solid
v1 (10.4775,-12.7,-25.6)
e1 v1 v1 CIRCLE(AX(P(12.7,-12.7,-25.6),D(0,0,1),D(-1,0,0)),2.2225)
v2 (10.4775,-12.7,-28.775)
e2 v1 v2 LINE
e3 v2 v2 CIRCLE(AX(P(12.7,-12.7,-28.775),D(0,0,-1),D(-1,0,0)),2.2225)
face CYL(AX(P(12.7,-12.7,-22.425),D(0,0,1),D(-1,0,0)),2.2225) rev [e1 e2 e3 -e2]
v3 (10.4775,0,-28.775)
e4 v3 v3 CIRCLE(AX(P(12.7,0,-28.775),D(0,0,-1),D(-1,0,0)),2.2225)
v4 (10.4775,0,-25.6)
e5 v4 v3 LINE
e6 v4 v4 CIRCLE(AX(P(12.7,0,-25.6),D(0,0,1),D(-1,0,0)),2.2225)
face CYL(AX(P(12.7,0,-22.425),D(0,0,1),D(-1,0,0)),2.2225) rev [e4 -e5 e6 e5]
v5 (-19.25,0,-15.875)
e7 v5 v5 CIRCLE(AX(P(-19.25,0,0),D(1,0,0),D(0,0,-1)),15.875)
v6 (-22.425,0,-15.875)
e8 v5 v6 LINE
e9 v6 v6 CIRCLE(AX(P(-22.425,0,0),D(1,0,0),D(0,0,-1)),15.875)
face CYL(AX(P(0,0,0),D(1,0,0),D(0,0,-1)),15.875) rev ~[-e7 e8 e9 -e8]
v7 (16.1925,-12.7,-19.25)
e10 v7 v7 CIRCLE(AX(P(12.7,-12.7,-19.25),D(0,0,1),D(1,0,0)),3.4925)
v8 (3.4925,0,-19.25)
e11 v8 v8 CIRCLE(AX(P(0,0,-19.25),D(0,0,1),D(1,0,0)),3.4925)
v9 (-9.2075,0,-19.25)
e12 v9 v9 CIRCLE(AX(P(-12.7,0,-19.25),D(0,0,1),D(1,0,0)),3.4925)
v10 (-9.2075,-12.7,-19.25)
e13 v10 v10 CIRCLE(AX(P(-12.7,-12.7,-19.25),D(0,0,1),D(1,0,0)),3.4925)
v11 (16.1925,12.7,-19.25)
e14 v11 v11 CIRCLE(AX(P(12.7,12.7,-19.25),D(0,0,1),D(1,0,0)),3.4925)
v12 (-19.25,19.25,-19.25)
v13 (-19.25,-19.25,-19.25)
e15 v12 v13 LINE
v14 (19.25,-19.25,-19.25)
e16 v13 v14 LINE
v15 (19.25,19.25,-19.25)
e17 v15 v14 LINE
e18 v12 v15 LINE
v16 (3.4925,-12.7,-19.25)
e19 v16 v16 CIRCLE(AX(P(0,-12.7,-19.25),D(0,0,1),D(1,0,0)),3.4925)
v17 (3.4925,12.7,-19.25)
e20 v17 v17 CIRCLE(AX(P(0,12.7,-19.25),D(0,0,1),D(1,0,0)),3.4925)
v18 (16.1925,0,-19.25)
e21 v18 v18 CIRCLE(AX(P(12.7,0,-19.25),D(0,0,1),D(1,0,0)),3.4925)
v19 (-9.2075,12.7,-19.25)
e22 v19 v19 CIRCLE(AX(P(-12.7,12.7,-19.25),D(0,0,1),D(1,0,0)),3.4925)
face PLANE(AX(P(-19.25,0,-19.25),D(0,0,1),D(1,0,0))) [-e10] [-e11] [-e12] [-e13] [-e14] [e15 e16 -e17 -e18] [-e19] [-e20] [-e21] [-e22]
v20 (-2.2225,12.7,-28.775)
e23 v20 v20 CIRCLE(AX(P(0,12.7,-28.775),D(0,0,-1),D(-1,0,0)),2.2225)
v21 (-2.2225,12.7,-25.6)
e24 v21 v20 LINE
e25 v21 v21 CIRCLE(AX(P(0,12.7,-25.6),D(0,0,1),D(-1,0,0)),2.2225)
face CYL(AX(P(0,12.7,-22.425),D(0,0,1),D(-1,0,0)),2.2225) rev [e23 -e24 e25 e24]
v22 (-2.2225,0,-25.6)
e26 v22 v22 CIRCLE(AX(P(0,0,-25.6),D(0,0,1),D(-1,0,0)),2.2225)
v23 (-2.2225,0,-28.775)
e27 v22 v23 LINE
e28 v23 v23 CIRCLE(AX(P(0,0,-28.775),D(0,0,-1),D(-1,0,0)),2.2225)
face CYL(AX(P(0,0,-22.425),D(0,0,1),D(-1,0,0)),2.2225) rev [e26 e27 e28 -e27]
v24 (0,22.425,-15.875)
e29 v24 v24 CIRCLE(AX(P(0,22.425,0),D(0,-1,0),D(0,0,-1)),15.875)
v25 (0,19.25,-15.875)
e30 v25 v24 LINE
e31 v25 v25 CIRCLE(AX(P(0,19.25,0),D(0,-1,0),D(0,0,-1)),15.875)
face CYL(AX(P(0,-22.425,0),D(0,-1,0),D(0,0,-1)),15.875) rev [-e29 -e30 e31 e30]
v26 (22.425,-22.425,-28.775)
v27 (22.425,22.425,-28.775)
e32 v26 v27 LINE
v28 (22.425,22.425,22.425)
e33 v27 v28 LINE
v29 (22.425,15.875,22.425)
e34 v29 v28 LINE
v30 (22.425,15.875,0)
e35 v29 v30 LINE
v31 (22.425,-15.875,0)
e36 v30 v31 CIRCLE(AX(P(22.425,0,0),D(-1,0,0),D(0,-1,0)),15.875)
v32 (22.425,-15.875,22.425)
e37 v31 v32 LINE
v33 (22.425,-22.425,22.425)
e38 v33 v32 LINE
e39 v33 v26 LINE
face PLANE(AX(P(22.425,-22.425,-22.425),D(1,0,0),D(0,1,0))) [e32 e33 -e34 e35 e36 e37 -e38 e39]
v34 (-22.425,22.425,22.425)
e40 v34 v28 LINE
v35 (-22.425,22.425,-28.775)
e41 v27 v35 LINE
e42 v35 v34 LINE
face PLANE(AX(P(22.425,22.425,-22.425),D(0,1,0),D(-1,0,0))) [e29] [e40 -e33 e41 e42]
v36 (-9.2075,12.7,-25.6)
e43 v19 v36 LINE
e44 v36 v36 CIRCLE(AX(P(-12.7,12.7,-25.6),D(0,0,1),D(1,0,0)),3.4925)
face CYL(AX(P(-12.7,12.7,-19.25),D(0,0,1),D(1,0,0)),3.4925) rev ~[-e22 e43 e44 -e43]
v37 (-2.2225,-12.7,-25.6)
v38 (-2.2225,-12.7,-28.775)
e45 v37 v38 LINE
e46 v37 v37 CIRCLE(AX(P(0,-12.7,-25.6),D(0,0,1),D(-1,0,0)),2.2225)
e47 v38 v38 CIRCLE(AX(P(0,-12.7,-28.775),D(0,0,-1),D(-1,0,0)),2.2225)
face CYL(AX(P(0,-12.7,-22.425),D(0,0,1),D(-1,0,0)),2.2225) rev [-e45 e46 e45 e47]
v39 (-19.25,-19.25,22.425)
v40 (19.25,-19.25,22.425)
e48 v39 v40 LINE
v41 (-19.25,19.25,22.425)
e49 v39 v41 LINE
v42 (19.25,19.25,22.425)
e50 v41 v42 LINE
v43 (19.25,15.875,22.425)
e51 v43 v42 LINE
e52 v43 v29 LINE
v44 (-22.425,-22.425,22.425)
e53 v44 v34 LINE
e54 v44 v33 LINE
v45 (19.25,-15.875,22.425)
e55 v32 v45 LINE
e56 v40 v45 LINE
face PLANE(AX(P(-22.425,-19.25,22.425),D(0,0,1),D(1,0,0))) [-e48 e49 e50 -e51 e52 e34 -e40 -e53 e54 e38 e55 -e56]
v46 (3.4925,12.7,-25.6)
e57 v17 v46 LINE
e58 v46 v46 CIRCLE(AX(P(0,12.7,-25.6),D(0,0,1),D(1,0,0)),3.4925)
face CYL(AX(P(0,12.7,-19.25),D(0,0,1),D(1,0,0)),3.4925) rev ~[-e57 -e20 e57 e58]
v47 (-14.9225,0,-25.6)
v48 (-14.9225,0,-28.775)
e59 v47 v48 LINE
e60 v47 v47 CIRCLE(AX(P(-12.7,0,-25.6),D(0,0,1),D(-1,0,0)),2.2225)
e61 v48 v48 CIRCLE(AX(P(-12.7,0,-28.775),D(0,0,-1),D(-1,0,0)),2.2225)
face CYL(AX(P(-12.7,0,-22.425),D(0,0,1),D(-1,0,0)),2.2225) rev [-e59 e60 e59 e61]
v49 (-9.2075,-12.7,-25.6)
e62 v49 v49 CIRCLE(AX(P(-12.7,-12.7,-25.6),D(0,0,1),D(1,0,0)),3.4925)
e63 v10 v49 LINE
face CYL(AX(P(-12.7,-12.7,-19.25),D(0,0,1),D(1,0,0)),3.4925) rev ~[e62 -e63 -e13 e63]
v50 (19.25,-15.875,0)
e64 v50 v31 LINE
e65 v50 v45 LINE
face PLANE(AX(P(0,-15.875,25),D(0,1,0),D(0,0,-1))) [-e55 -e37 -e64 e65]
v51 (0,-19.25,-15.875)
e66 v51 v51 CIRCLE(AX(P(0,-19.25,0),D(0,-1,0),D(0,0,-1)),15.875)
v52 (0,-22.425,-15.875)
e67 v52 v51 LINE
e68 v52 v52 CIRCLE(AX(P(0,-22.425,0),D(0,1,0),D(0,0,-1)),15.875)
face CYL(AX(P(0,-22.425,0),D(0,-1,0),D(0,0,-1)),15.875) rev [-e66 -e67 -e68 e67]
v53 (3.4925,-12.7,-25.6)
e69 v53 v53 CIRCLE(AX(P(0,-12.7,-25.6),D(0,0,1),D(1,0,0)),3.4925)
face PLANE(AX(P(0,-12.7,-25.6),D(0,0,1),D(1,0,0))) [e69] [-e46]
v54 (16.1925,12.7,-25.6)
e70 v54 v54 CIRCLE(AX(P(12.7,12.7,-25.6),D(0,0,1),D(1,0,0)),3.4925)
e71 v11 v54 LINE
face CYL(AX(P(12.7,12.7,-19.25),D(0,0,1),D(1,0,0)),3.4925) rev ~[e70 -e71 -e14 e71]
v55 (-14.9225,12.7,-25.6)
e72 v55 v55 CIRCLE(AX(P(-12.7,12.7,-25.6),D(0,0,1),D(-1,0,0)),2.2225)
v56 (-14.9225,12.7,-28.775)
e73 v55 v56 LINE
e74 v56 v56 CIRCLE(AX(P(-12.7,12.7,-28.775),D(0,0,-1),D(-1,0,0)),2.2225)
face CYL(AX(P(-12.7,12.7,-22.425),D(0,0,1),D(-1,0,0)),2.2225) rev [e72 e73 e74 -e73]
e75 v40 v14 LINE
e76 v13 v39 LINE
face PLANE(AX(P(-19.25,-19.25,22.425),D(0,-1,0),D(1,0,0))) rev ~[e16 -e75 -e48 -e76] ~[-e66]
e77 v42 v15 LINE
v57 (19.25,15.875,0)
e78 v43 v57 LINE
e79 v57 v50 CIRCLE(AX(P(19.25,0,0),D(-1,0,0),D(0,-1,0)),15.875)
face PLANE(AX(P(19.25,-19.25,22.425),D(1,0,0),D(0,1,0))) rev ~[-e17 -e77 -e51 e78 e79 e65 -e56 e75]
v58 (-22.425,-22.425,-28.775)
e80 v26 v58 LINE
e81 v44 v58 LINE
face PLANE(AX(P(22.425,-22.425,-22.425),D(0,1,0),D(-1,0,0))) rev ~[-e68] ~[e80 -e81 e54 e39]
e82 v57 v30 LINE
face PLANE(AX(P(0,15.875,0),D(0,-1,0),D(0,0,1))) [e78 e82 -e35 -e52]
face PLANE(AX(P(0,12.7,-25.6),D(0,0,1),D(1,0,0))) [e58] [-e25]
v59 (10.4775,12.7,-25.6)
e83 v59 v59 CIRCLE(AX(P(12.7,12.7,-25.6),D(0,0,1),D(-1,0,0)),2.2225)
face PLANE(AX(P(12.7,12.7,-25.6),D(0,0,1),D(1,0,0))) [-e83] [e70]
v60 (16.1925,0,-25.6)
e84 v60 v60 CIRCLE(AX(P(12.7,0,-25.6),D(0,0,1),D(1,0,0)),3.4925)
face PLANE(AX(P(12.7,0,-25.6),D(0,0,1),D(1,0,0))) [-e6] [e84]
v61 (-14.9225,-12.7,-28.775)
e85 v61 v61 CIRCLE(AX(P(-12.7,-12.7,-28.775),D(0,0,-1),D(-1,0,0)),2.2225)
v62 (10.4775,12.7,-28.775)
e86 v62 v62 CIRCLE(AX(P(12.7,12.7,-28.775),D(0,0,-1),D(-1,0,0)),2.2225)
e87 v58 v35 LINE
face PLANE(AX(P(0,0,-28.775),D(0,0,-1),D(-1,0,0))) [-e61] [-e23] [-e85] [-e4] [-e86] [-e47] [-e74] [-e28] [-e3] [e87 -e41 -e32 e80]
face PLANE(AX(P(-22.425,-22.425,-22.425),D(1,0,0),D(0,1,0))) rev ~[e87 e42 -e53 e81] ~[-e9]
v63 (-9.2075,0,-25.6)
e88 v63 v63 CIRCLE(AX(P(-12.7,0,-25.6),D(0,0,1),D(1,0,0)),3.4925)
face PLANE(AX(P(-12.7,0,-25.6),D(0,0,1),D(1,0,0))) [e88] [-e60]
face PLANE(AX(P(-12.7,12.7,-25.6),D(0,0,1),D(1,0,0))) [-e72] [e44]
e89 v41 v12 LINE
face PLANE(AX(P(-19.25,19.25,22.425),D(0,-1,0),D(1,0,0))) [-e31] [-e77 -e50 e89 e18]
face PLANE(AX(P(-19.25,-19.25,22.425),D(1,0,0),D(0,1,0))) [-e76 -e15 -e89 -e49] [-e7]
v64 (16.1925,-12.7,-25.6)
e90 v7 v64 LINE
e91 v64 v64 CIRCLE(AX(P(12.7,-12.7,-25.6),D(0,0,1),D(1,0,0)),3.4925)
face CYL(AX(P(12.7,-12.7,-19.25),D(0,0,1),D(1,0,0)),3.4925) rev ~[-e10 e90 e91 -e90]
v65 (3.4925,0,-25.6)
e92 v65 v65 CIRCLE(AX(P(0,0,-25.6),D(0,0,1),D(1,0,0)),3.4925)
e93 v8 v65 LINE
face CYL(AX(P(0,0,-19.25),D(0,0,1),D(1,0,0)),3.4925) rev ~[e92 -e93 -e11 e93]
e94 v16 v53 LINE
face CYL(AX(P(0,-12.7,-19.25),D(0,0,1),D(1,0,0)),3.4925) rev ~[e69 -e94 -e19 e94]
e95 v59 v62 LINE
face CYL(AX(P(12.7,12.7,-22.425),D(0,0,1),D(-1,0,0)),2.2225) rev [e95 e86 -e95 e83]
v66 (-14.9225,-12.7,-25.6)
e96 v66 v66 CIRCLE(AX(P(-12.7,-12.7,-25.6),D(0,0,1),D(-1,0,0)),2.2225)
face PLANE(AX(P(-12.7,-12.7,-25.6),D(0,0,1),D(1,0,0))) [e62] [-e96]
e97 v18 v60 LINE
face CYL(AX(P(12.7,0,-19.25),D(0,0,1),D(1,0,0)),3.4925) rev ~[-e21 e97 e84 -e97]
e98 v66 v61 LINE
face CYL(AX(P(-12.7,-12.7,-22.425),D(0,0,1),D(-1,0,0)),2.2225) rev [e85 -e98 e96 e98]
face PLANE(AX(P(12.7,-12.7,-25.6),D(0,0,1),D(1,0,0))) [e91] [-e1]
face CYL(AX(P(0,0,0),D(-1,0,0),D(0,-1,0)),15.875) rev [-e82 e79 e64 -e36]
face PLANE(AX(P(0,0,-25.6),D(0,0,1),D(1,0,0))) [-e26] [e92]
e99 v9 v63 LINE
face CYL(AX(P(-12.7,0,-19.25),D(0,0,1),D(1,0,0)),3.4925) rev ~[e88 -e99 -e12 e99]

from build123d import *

# Parameters (mm, degrees)
SKETCH1_W           = 44.85
SKETCH1_H           = 44.85
SKETCH1_W_2         = 38.5
SKETCH1_H_2         = 38.5
BOSS_EXTRUDE1_DEPTH = 19.25
SKETCH2_W           = 44.85
SKETCH2_H           = 44.85
BOSS_EXTRUDE2_DEPTH = 3.175
SKETCH3_W           = 44.85
SKETCH3_H           = 44.85
BOSS_EXTRUDE3_DEPTH = 3.175
SKETCH5_R           = 15.875
CUT_EXTRUDE1_DEPTH  = 68.275
SKETCH8_W           = 44.85
SKETCH8_H           = 44.85
SKETCH8_R           = 2.2225
BOSS_EXTRUDE4_DEPTH = 6.35
SKETCH9_R           = 3.4925
CUT_EXTRUDE4_DEPTH  = 6.35
CUT_EXTRUDE5_REACH  = 62.226
SKETCH10_W          = 38.5
SKETCH10_H          = 38.5
CUT_EXTRUDE3_DEPTH  = 43.822445925
SKETCH11_R          = 15.875
CUT_EXTRUDE6_DEPTH  = 43.822445925


with BuildPart() as part:
    # Sketch1 → Boss-Extrude1 (new, symmetric)
    with BuildSketch(Plane(origin=(0, 0, 0), x_dir=(1, 0, 0), z_dir=(0, 1, 0))):
        Rectangle(SKETCH1_W, SKETCH1_H)
        Rectangle(SKETCH1_W_2, SKETCH1_H_2, mode=Mode.SUBTRACT)
    extrude(amount=BOSS_EXTRUDE1_DEPTH, both=True)

    # Sketch2 → Boss-Extrude2 (add)
    with BuildSketch(Plane(origin=(0, 19.25, 0), x_dir=(1, 0, 0), z_dir=(0, 1, 0))):
        Rectangle(SKETCH2_W, SKETCH2_H)
    extrude(amount=BOSS_EXTRUDE2_DEPTH)

    # Sketch3 → Boss-Extrude3 (add)
    with BuildSketch(Plane.XZ.offset(19.25)):
        Rectangle(SKETCH3_W, SKETCH3_H)
    extrude(amount=BOSS_EXTRUDE3_DEPTH)

    # Sketch5 → Cut-Extrude1 (cut, through all)
    with BuildSketch(Plane(origin=(0, -22.425, -22.425), x_dir=(1, 0, 0), z_dir=(0, 1, 0))):
        with Locations(Location((0, -22.425, 0), (0, 0, 90))):
            Circle(SKETCH5_R)
    extrude(amount=CUT_EXTRUDE1_DEPTH, mode=Mode.SUBTRACT)

    # Sketch8 → Boss-Extrude4 (add)
    with BuildSketch(Plane(origin=(0, 0, -22.425), x_dir=(-1, 0, 0), z_dir=(0, 0, -1))):
        Rectangle(SKETCH8_W, SKETCH8_H)
        with Locations((-12.7, 12.7)):
            Circle(SKETCH8_R, mode=Mode.SUBTRACT)
        with Locations((0, 12.7)):
            Circle(SKETCH8_R, mode=Mode.SUBTRACT)
        with Locations((12.7, 12.7)):
            Circle(SKETCH8_R, mode=Mode.SUBTRACT)
        Circle(SKETCH8_R, mode=Mode.SUBTRACT)
        with Locations((12.7, 0)):
            Circle(SKETCH8_R, mode=Mode.SUBTRACT)
        with Locations((0, -12.7)):
            Circle(SKETCH8_R, mode=Mode.SUBTRACT)
        with Locations((12.7, -12.7)):
            Circle(SKETCH8_R, mode=Mode.SUBTRACT)
        with Locations((-12.7, 0)):
            Circle(SKETCH8_R, mode=Mode.SUBTRACT)
        with Locations((-12.7, -12.7)):
            Circle(SKETCH8_R, mode=Mode.SUBTRACT)
    extrude(amount=BOSS_EXTRUDE4_DEPTH)

    # Sketch9 → Cut-Extrude4 (cut)
    with BuildSketch(Plane.XY.offset(-19.25)):
        with Locations((12.7, 12.7)):
            Circle(SKETCH9_R)
        with Locations((0, 12.7)):
            Circle(SKETCH9_R)
        with Locations((-12.7, 12.7)):
            Circle(SKETCH9_R)
        Circle(SKETCH9_R)
        with Locations((-12.7, 0)):
            Circle(SKETCH9_R)
        with Locations((0, -12.7)):
            Circle(SKETCH9_R)
        with Locations((-12.7, -12.7)):
            Circle(SKETCH9_R)
        with Locations((12.7, 0)):
            Circle(SKETCH9_R)
        with Locations((12.7, -12.7)):
            Circle(SKETCH9_R)
    extrude(amount=-CUT_EXTRUDE4_DEPTH, mode=Mode.SUBTRACT)

    # Sketch10 → Cut-Extrude5 (cut, up to next)
    with BuildSketch(Plane.XY.offset(22.425), mode=Mode.PRIVATE) as cut_extrude5_sk1:
        Rectangle(SKETCH10_W, SKETCH10_H)
    cut_extrude5_tool1 = extrude(cut_extrude5_sk1.sketch, amount=-CUT_EXTRUDE5_REACH, mode=Mode.PRIVATE) & part.part
    add(cut_extrude5_tool1.solids().sort_by_distance((0, 0, 22.425))[0], mode=Mode.SUBTRACT)

    # Sketch7 → Cut-Extrude3 (cut, through all)
    with BuildSketch(Plane.ZY):
        with BuildLine():
            Line((0, 15.875), (25, 15.875))
            Line((25, 15.875), (25, -15.875))
            Line((25, -15.875), (0, -15.875))
            ThreePointArc((0, -15.875), (-15.875, 0), (0, 15.875))
        make_face()
    extrude(amount=-CUT_EXTRUDE3_DEPTH, mode=Mode.SUBTRACT)

    # Sketch11 → Cut-Extrude6 (cut, through all)
    with BuildSketch(Plane(origin=(0, 0, 0), x_dir=(0, 0, -1), z_dir=(1, 0, 0))):
        Circle(SKETCH11_R)
    extrude(amount=-CUT_EXTRUDE6_DEPTH, mode=Mode.SUBTRACT)


solid = part.part
